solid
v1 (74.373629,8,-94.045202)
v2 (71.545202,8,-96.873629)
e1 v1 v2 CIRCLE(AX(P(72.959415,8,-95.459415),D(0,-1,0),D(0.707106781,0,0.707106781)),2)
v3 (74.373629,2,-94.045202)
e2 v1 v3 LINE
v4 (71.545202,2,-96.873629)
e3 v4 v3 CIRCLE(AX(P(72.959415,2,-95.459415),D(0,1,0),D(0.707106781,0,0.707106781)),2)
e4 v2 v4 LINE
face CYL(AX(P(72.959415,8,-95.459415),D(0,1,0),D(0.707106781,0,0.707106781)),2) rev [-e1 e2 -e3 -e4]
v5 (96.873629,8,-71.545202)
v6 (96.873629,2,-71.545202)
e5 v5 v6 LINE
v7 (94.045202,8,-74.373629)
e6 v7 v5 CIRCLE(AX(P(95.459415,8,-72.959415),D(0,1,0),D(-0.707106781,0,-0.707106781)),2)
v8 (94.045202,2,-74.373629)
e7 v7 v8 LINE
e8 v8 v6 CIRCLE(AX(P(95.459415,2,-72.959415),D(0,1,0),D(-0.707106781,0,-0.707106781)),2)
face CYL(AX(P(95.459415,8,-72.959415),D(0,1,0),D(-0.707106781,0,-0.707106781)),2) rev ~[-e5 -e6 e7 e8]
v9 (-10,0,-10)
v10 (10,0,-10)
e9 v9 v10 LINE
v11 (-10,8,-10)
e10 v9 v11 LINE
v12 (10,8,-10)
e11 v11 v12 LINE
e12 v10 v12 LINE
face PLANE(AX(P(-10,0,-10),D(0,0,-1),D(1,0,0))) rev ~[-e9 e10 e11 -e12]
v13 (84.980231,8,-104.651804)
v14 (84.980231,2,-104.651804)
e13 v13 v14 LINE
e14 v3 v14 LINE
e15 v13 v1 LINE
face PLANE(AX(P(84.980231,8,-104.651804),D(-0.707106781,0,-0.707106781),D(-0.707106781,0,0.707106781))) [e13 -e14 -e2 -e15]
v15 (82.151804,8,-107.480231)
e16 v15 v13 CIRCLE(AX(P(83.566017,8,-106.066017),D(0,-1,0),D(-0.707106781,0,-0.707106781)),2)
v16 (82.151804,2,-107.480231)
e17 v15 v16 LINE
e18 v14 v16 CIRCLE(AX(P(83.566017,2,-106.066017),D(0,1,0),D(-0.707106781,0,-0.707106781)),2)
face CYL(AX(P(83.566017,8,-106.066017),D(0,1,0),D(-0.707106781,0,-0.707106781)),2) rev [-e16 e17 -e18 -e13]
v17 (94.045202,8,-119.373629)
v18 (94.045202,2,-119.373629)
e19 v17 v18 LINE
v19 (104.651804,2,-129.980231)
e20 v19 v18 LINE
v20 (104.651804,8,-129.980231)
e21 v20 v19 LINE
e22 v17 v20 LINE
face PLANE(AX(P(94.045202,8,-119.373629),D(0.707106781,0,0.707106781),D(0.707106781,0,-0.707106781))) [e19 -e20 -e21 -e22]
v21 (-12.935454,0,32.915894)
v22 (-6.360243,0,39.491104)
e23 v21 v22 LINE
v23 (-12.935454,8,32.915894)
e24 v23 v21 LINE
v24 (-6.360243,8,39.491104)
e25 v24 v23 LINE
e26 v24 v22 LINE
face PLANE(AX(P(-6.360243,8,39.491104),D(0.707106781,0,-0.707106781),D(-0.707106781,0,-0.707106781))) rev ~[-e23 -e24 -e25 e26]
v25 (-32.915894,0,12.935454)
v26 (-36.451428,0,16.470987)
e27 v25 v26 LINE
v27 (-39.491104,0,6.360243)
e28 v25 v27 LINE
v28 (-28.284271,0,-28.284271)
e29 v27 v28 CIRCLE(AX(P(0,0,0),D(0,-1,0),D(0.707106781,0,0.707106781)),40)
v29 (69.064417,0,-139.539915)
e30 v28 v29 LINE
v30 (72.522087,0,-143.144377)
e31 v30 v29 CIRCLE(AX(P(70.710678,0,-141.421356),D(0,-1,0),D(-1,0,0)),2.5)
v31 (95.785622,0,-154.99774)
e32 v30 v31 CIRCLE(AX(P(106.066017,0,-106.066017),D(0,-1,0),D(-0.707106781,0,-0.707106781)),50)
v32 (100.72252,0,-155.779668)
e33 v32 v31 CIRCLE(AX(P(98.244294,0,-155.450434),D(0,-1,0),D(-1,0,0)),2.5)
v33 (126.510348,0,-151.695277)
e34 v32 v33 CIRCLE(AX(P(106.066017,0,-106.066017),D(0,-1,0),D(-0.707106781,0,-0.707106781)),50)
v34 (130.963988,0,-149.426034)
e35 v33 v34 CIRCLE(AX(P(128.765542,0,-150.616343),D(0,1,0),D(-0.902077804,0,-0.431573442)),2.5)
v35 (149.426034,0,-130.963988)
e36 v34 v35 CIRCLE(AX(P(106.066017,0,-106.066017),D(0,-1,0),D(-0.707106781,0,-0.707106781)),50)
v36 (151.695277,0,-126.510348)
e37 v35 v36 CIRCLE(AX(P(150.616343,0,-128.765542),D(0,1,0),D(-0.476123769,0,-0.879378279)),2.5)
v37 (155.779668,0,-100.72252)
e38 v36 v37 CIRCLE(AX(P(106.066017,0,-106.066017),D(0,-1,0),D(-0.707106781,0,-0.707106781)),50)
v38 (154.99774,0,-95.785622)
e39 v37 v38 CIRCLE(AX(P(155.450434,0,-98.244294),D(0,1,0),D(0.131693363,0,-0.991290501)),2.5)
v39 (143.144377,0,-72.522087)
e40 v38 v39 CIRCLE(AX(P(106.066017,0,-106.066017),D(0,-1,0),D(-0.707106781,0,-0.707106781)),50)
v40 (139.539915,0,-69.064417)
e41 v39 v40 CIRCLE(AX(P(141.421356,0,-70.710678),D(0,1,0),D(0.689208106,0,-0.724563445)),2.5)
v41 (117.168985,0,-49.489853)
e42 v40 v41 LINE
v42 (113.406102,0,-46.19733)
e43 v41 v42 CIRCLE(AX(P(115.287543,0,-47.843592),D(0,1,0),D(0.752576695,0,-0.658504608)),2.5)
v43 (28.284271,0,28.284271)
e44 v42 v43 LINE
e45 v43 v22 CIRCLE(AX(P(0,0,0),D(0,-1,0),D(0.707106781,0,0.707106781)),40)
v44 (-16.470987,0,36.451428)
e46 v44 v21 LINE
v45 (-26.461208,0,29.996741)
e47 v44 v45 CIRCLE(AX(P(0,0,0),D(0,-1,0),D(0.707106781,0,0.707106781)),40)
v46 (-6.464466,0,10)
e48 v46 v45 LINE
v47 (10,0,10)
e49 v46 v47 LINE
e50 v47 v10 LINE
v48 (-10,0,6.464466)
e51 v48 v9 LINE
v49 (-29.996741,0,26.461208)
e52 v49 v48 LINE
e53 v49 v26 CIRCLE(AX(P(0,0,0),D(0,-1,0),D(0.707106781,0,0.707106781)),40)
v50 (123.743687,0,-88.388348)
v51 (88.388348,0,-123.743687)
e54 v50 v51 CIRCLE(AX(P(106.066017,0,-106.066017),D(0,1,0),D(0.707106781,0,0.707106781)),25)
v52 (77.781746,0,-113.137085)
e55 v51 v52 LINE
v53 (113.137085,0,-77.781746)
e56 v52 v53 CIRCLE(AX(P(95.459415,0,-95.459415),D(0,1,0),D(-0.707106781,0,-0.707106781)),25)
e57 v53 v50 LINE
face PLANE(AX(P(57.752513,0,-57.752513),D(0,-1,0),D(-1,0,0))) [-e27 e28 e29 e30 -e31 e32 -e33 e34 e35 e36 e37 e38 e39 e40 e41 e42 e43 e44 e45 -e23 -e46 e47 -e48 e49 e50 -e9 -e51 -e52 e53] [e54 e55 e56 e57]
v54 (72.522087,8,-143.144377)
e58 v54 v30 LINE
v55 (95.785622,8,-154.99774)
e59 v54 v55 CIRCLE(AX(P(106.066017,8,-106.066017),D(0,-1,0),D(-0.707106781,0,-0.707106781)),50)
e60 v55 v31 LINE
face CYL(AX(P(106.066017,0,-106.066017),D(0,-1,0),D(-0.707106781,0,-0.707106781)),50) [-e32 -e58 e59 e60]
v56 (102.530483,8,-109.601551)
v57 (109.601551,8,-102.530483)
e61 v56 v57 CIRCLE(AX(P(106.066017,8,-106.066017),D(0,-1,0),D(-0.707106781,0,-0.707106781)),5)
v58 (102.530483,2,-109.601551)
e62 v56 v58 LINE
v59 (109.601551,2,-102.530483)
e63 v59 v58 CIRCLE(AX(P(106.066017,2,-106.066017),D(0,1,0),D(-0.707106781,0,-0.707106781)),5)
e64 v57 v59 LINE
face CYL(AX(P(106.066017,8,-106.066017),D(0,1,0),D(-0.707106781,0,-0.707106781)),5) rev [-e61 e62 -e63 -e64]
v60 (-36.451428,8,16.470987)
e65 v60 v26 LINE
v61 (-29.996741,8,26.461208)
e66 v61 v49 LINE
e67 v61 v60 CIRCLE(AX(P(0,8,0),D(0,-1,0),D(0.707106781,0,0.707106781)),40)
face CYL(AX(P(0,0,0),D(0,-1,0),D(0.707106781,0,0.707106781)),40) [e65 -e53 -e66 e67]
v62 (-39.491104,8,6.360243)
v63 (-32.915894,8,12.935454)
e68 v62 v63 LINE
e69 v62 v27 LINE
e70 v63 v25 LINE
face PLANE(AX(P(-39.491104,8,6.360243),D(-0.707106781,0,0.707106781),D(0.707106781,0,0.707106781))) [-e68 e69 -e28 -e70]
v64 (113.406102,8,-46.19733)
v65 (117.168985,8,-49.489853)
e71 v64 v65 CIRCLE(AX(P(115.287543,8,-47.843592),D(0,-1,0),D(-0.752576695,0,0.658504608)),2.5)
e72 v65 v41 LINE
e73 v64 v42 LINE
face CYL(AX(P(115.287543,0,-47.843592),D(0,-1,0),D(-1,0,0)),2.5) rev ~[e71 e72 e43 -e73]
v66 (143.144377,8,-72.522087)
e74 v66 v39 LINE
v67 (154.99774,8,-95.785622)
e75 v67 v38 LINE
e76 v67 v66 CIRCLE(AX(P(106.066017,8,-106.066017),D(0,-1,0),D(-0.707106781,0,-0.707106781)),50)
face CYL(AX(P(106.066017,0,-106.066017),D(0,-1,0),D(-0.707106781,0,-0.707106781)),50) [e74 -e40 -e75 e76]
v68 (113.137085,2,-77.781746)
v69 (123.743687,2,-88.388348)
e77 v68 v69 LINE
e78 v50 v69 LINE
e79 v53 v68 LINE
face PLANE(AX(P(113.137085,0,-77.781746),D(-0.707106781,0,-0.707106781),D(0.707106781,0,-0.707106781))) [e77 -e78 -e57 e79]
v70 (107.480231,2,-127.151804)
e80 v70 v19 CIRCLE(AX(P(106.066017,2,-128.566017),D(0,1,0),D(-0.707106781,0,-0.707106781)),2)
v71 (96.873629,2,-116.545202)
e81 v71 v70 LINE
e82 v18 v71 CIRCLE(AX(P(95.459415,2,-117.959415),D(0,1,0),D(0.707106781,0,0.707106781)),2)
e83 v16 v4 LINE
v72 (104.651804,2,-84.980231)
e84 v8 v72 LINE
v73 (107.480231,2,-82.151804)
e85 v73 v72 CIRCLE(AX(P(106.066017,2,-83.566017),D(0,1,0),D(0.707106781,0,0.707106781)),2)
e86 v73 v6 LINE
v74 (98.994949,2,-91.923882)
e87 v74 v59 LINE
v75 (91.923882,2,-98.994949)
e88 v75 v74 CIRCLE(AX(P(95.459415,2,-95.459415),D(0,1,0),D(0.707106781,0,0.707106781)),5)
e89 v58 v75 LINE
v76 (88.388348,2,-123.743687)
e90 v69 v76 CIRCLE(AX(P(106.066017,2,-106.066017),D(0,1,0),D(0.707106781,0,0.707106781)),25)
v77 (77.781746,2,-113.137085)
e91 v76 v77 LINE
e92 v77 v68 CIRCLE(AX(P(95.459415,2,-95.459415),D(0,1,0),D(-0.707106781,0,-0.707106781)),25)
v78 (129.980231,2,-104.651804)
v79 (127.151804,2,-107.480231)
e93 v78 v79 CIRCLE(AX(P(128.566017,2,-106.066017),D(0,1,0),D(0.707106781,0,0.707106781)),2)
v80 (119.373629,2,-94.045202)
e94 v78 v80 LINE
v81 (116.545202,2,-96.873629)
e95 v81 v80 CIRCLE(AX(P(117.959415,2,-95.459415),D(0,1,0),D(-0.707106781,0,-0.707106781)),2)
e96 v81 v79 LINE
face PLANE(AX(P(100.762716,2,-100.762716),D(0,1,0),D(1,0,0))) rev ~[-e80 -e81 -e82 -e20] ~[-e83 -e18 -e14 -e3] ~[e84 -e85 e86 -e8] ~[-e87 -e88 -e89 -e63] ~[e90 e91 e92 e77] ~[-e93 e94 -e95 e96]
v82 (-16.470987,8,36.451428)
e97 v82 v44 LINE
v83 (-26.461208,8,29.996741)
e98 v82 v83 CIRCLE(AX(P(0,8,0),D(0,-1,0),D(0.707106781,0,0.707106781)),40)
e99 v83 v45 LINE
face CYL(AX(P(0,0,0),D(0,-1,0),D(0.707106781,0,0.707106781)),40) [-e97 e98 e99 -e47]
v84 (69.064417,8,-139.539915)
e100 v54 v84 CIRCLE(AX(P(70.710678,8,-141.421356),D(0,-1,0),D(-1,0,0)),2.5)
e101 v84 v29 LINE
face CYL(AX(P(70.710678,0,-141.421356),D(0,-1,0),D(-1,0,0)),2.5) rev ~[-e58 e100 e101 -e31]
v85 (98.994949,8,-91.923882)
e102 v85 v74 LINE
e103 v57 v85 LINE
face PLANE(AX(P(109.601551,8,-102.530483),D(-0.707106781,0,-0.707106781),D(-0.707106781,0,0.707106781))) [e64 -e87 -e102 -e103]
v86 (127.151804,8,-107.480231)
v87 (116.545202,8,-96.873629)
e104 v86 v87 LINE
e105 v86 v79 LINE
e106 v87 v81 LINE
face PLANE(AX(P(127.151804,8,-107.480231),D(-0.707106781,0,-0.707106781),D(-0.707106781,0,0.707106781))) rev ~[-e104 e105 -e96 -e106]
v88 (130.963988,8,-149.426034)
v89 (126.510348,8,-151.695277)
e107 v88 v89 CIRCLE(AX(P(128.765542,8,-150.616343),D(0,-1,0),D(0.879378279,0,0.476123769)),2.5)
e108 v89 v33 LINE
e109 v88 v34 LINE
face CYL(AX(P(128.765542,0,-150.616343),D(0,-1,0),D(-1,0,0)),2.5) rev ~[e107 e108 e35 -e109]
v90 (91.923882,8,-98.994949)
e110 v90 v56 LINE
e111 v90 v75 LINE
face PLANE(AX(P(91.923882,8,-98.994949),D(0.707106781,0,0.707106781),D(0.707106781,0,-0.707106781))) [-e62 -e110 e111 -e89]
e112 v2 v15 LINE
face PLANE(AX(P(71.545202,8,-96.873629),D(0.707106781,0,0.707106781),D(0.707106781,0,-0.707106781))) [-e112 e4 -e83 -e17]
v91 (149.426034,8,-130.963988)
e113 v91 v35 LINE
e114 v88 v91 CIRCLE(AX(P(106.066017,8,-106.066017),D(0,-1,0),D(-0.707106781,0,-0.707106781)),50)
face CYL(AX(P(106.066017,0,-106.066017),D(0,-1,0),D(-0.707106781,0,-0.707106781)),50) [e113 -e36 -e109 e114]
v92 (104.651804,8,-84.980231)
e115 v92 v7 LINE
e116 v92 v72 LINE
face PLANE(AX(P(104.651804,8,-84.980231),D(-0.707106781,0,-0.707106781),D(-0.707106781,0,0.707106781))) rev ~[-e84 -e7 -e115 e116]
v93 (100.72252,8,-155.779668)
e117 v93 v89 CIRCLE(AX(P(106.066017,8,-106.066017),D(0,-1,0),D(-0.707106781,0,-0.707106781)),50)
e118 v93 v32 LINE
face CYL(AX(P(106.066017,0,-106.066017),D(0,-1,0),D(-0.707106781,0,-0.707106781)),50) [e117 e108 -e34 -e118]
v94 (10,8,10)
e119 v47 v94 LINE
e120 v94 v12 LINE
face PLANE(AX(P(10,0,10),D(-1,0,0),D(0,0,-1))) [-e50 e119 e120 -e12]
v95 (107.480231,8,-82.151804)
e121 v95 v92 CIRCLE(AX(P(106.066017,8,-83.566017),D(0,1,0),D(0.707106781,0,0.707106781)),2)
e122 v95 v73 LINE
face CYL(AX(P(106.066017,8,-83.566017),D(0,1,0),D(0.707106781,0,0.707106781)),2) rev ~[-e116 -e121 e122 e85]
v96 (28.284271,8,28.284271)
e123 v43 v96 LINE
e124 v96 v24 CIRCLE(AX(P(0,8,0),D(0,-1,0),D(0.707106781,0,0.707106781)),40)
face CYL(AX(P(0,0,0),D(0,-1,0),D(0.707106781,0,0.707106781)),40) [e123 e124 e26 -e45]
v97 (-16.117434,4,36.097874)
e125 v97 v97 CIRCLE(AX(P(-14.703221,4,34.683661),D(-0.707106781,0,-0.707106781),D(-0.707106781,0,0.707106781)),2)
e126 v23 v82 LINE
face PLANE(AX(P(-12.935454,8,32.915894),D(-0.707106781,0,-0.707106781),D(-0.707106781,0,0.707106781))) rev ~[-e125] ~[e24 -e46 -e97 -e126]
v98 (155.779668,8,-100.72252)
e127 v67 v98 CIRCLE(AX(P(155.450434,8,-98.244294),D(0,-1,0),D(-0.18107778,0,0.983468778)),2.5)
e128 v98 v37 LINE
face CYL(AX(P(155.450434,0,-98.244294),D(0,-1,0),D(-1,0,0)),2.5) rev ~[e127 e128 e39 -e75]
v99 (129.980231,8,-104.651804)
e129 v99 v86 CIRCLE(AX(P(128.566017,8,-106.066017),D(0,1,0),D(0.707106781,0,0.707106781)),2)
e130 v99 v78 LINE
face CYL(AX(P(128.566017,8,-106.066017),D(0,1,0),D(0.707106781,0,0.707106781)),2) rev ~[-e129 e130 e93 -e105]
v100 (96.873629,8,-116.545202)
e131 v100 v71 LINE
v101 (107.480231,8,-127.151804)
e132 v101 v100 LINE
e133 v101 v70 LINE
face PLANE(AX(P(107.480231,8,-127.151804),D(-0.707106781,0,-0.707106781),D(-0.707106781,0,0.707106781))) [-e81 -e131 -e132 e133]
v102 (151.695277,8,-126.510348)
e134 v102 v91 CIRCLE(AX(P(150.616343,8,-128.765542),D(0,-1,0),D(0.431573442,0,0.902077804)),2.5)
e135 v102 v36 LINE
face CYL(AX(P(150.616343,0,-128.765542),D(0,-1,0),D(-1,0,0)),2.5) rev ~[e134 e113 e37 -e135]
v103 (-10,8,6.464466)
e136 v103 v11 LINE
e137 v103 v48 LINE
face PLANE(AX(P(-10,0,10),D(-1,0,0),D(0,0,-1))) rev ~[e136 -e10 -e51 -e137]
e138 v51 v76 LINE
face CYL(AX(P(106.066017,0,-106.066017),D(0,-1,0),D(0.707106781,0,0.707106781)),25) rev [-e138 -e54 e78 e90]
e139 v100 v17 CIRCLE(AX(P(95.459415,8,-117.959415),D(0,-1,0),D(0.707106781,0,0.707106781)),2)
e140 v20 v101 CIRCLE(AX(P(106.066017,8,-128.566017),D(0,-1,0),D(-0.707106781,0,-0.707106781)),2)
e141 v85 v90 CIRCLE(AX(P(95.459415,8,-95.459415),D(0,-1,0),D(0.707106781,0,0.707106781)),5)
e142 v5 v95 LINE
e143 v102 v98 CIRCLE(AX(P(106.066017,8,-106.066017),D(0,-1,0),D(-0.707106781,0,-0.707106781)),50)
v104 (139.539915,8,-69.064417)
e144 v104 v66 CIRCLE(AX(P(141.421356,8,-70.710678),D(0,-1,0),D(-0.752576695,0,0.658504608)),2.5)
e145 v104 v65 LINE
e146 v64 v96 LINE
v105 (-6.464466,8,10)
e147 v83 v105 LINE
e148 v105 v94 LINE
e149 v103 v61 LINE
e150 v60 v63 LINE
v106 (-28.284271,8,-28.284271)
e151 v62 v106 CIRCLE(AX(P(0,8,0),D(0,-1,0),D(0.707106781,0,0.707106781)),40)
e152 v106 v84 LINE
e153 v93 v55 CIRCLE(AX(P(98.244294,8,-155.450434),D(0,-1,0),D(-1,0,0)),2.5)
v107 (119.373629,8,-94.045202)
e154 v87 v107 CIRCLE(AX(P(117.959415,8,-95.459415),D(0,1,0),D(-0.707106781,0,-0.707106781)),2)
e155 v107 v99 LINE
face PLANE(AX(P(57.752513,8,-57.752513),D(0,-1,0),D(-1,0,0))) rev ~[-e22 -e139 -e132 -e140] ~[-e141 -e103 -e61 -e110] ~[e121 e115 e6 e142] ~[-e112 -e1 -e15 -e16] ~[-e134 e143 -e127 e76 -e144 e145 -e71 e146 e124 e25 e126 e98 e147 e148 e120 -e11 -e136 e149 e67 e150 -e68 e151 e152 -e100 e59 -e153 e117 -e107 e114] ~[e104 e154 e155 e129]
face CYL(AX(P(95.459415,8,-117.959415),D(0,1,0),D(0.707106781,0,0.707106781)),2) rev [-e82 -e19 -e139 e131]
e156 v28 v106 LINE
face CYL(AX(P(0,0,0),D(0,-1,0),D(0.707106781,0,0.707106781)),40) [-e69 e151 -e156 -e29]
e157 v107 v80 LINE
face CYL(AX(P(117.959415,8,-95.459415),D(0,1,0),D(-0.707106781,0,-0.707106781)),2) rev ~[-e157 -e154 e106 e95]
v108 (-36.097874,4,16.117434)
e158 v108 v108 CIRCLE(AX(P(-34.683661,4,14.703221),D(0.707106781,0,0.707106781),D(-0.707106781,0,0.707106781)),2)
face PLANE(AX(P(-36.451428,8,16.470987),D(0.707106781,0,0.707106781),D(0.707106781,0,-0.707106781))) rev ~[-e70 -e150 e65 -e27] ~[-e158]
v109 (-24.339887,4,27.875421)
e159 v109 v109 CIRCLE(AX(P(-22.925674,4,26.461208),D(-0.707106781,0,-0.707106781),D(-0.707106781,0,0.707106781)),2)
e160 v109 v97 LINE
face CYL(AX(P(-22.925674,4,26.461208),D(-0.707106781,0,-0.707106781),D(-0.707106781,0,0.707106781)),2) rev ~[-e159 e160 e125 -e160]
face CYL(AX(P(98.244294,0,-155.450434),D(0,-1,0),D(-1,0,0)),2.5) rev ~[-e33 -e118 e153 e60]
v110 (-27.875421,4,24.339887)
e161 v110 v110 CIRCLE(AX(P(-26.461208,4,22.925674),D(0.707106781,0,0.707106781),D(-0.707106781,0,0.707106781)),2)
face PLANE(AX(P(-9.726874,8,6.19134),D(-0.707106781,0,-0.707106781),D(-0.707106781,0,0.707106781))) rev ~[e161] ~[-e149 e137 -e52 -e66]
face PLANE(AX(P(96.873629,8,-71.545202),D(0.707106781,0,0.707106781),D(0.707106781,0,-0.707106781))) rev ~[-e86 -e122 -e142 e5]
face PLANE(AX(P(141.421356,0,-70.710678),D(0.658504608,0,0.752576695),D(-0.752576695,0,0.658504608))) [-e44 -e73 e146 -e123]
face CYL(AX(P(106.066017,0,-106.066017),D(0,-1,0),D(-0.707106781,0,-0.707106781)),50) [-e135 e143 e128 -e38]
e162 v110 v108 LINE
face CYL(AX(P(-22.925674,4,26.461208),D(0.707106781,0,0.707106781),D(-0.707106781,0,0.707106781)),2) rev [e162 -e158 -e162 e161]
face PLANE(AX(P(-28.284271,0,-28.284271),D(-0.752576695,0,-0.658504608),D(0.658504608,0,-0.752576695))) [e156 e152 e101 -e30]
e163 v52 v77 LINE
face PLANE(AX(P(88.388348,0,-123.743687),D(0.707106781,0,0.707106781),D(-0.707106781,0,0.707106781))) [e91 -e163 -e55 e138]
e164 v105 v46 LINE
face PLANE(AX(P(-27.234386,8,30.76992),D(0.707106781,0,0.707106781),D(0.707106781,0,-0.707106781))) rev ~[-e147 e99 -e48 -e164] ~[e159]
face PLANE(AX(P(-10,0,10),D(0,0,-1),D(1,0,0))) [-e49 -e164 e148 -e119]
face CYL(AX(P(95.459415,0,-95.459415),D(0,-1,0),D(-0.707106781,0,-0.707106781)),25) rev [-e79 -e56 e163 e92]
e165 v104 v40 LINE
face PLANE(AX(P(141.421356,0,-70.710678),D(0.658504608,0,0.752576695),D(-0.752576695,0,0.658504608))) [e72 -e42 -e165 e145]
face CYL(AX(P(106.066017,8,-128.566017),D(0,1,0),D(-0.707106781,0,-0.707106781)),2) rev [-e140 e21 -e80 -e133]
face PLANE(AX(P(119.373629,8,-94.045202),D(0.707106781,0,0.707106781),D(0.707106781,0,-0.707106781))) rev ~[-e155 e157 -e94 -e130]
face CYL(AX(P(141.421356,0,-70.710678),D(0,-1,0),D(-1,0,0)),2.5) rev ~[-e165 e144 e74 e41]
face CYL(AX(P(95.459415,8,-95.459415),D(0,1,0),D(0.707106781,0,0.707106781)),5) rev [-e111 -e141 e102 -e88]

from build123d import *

# Parameters (mm, degrees)
ESQUISSE1_W                  = 20
ESQUISSE1_H                  = 20
BOSS_EXTRU_1_DEPTH           = 8
ENL_V_MAT_EXTRU_1_DEPTH      = 9
ESQUISSE4_R                  = 2
ENL_V_MAT_EXTRU_2_DEPTH      = 142.139610307
ENL_V_MAT_EXTRU_2_DEPTH_BACK = 137.139610307
ENL_V_MAT_EXTRU_3_DEPTH      = 9.0000001
ENL_V_MAT_EXTRU_4_DEPTH      = 9
ESQUISSE9_R                  = 2.5
ENL_V_MAT_EXTRU_6_DEPTH      = 9
ENL_V_MAT_EXTRU_8_DEPTH      = 2


with BuildPart() as part:
    # Esquisse1 → Boss.-Extru.1 (new body)
    with BuildSketch(Plane(origin=(0, 0, 0), x_dir=(1, 0, 0), z_dir=(0, 1, 0))):
        with BuildLine():
            Line((-28.284271247, 28.284271247), (70.710678119, 141.421356237))
            ThreePointArc((70.710678119, 141.421356237), (141.421356237, 141.421356237), (141.421356237, 70.710678119))
            Line((141.421356237, 70.710678119), (28.284271247, -28.284271247))
            ThreePointArc((28.284271247, -28.284271247), (-28.284271247, -28.284271247), (-28.284271247, 28.284271247))
        make_face()
        Rectangle(ESQUISSE1_W, ESQUISSE1_H, mode=Mode.SUBTRACT)
    extrude(amount=BOSS_EXTRU_1_DEPTH)

    # Esquisse3 → Enlèv. mat.-Extru.1 (cut, through all)
    with BuildSketch(Plane(origin=(0, 8, 0), x_dir=(1, 0, 0), z_dir=(0, 1, 0))):
        Polygon((-8.232233047, -11.767766953), (-27.234385984, -30.76991989), (-30.76991989, -27.234385984), (-11.767766953, -8.232233047), (-9.726873799, -6.191339893), (-6.191339893, -9.726873799), align=None)
    extrude(amount=-ENL_V_MAT_EXTRU_1_DEPTH, mode=Mode.SUBTRACT)

    # Esquisse4 → Enlèv. mat.-Extru.2 (cut, two sides)
    with BuildSketch(Plane(origin=(1.767766953, 0, 1.767766953), x_dir=(-0.707106781, 0, 0.707106781), z_dir=(-0.707106781, 0, -0.707106781))) as enl_v_mat_extru_2_sk:
        with Locations((34.921798557, 4)):
            Circle(ESQUISSE4_R)
    extrude(amount=ENL_V_MAT_EXTRU_2_DEPTH, mode=Mode.SUBTRACT)
    extrude(enl_v_mat_extru_2_sk.sketch, amount=-ENL_V_MAT_EXTRU_2_DEPTH_BACK, mode=Mode.SUBTRACT)

    # Esquisse5 → Enlèv. mat.-Extru.3 (cut, through all)
    with BuildSketch(Plane(origin=(0, 8, 0), x_dir=(1, 0, 0), z_dir=(0, 1, 0))):
        Polygon((-34.683660608, -14.703220533), (-36.451427561, -16.470987486), (-40.908486709, -7.777625617), (-39.491104164, -6.360243072), (-32.915893655, -12.93545358), align=None)
        Polygon((-7.777625617, -40.908486709), (-6.360243072, -39.491104164), (-12.93545358, -32.915893655), (-14.703220533, -34.683660608), (-16.470987486, -36.451427561), align=None)
    extrude(amount=-ENL_V_MAT_EXTRU_3_DEPTH, mode=Mode.SUBTRACT)

    # Esquisse7 → Enlèv. mat.-Extru.4 (cut, through all)
    with BuildSketch(Plane(origin=(0, 8, 0), x_dir=(1, 0, 0), z_dir=(0, 1, 0))):
        with BuildLine():
            Line((91.923881554, 98.994949366), (102.530483272, 109.601551084))
            ThreePointArc((102.530483272, 109.601551084), (109.601551084, 109.601551084), (109.601551084, 102.530483272))
            Line((109.601551084, 102.530483272), (98.994949366, 91.923881554))
            ThreePointArc((98.994949366, 91.923881554), (91.923881554, 91.923881554), (91.923881554, 98.994949366))
        make_face()
        with BuildLine():
            Line((94.045201898, 119.373629023), (104.651803616, 129.98023074))
            ThreePointArc((104.651803616, 129.98023074), (107.48023074, 129.98023074), (107.48023074, 127.151803616))
            Line((107.48023074, 127.151803616), (96.873629023, 116.545201898))
            ThreePointArc((96.873629023, 116.545201898), (94.045201898, 116.545201898), (94.045201898, 119.373629023))
        make_face()
        with BuildLine():
            Line((71.545201898, 96.873629023), (82.151803616, 107.48023074))
            ThreePointArc((82.151803616, 107.48023074), (84.98023074, 107.48023074), (84.98023074, 104.651803616))
            Line((84.98023074, 104.651803616), (74.373629023, 94.045201898))
            ThreePointArc((74.373629023, 94.045201898), (71.545201898, 94.045201898), (71.545201898, 96.873629023))
        make_face()
        with BuildLine():
            Line((119.373629023, 94.045201898), (129.98023074, 104.651803616))
            ThreePointArc((129.98023074, 104.651803616), (129.98023074, 107.48023074), (127.151803616, 107.48023074))
            Line((127.151803616, 107.48023074), (116.545201898, 96.873629023))
            ThreePointArc((116.545201898, 96.873629023), (116.545201898, 94.045201898), (119.373629023, 94.045201898))
        make_face()
        with BuildLine():
            Line((96.873629023, 71.545201898), (107.48023074, 82.151803616))
            ThreePointArc((107.48023074, 82.151803616), (107.48023074, 84.98023074), (104.651803616, 84.98023074))
            Line((104.651803616, 84.98023074), (94.045201898, 74.373629023))
            ThreePointArc((94.045201898, 74.373629023), (94.045201898, 71.545201898), (96.873629023, 71.545201898))
        make_face()
    extrude(amount=-ENL_V_MAT_EXTRU_4_DEPTH, mode=Mode.SUBTRACT)

    # Esquisse9 → Enlèv. mat.-Extru.6 (cut, through all)
    with BuildSketch(Plane(origin=(0, 0, 0), x_dir=(-1, 0, 0), z_dir=(0, -1, 0))):
        with Locations((-70.710678119, 141.421356237)):
            Circle(ESQUISSE9_R)
        with Locations((-98.244293926, 155.450434208)):
            Circle(ESQUISSE9_R)
        with Locations((-128.765542165, 150.616343387)):
            Circle(ESQUISSE9_R)
        with Locations((-150.616343387, 128.765542165)):
            Circle(ESQUISSE9_R)
        with Locations((-155.450434208, 98.244293926)):
            Circle(ESQUISSE9_R)
        with Locations((-141.421356237, 70.710678119)):
            Circle(ESQUISSE9_R)
        with Locations((-115.287543419, 47.843591903)):
            Circle(ESQUISSE9_R)
    extrude(amount=-ENL_V_MAT_EXTRU_6_DEPTH, mode=Mode.SUBTRACT)

    # Esquisse11 → Enlèv. mat.-Extru.8 (cut)
    with BuildSketch(Plane(origin=(0, 0, 0), x_dir=(-1, 0, 0), z_dir=(0, -1, 0))):
        with BuildLine():
            Line((-88.388347648, 123.743686708), (-77.781745931, 113.13708499))
            ThreePointArc((-77.781745931, 113.13708499), (-77.781745931, 77.781745931), (-113.13708499, 77.781745931))
            Line((-113.13708499, 77.781745931), (-123.743686708, 88.388347648))
            ThreePointArc((-123.743686708, 88.388347648), (-123.743686708, 123.743686708), (-88.388347648, 123.743686708))
        make_face()
    extrude(amount=-ENL_V_MAT_EXTRU_8_DEPTH, mode=Mode.SUBTRACT)


solid = part.part
